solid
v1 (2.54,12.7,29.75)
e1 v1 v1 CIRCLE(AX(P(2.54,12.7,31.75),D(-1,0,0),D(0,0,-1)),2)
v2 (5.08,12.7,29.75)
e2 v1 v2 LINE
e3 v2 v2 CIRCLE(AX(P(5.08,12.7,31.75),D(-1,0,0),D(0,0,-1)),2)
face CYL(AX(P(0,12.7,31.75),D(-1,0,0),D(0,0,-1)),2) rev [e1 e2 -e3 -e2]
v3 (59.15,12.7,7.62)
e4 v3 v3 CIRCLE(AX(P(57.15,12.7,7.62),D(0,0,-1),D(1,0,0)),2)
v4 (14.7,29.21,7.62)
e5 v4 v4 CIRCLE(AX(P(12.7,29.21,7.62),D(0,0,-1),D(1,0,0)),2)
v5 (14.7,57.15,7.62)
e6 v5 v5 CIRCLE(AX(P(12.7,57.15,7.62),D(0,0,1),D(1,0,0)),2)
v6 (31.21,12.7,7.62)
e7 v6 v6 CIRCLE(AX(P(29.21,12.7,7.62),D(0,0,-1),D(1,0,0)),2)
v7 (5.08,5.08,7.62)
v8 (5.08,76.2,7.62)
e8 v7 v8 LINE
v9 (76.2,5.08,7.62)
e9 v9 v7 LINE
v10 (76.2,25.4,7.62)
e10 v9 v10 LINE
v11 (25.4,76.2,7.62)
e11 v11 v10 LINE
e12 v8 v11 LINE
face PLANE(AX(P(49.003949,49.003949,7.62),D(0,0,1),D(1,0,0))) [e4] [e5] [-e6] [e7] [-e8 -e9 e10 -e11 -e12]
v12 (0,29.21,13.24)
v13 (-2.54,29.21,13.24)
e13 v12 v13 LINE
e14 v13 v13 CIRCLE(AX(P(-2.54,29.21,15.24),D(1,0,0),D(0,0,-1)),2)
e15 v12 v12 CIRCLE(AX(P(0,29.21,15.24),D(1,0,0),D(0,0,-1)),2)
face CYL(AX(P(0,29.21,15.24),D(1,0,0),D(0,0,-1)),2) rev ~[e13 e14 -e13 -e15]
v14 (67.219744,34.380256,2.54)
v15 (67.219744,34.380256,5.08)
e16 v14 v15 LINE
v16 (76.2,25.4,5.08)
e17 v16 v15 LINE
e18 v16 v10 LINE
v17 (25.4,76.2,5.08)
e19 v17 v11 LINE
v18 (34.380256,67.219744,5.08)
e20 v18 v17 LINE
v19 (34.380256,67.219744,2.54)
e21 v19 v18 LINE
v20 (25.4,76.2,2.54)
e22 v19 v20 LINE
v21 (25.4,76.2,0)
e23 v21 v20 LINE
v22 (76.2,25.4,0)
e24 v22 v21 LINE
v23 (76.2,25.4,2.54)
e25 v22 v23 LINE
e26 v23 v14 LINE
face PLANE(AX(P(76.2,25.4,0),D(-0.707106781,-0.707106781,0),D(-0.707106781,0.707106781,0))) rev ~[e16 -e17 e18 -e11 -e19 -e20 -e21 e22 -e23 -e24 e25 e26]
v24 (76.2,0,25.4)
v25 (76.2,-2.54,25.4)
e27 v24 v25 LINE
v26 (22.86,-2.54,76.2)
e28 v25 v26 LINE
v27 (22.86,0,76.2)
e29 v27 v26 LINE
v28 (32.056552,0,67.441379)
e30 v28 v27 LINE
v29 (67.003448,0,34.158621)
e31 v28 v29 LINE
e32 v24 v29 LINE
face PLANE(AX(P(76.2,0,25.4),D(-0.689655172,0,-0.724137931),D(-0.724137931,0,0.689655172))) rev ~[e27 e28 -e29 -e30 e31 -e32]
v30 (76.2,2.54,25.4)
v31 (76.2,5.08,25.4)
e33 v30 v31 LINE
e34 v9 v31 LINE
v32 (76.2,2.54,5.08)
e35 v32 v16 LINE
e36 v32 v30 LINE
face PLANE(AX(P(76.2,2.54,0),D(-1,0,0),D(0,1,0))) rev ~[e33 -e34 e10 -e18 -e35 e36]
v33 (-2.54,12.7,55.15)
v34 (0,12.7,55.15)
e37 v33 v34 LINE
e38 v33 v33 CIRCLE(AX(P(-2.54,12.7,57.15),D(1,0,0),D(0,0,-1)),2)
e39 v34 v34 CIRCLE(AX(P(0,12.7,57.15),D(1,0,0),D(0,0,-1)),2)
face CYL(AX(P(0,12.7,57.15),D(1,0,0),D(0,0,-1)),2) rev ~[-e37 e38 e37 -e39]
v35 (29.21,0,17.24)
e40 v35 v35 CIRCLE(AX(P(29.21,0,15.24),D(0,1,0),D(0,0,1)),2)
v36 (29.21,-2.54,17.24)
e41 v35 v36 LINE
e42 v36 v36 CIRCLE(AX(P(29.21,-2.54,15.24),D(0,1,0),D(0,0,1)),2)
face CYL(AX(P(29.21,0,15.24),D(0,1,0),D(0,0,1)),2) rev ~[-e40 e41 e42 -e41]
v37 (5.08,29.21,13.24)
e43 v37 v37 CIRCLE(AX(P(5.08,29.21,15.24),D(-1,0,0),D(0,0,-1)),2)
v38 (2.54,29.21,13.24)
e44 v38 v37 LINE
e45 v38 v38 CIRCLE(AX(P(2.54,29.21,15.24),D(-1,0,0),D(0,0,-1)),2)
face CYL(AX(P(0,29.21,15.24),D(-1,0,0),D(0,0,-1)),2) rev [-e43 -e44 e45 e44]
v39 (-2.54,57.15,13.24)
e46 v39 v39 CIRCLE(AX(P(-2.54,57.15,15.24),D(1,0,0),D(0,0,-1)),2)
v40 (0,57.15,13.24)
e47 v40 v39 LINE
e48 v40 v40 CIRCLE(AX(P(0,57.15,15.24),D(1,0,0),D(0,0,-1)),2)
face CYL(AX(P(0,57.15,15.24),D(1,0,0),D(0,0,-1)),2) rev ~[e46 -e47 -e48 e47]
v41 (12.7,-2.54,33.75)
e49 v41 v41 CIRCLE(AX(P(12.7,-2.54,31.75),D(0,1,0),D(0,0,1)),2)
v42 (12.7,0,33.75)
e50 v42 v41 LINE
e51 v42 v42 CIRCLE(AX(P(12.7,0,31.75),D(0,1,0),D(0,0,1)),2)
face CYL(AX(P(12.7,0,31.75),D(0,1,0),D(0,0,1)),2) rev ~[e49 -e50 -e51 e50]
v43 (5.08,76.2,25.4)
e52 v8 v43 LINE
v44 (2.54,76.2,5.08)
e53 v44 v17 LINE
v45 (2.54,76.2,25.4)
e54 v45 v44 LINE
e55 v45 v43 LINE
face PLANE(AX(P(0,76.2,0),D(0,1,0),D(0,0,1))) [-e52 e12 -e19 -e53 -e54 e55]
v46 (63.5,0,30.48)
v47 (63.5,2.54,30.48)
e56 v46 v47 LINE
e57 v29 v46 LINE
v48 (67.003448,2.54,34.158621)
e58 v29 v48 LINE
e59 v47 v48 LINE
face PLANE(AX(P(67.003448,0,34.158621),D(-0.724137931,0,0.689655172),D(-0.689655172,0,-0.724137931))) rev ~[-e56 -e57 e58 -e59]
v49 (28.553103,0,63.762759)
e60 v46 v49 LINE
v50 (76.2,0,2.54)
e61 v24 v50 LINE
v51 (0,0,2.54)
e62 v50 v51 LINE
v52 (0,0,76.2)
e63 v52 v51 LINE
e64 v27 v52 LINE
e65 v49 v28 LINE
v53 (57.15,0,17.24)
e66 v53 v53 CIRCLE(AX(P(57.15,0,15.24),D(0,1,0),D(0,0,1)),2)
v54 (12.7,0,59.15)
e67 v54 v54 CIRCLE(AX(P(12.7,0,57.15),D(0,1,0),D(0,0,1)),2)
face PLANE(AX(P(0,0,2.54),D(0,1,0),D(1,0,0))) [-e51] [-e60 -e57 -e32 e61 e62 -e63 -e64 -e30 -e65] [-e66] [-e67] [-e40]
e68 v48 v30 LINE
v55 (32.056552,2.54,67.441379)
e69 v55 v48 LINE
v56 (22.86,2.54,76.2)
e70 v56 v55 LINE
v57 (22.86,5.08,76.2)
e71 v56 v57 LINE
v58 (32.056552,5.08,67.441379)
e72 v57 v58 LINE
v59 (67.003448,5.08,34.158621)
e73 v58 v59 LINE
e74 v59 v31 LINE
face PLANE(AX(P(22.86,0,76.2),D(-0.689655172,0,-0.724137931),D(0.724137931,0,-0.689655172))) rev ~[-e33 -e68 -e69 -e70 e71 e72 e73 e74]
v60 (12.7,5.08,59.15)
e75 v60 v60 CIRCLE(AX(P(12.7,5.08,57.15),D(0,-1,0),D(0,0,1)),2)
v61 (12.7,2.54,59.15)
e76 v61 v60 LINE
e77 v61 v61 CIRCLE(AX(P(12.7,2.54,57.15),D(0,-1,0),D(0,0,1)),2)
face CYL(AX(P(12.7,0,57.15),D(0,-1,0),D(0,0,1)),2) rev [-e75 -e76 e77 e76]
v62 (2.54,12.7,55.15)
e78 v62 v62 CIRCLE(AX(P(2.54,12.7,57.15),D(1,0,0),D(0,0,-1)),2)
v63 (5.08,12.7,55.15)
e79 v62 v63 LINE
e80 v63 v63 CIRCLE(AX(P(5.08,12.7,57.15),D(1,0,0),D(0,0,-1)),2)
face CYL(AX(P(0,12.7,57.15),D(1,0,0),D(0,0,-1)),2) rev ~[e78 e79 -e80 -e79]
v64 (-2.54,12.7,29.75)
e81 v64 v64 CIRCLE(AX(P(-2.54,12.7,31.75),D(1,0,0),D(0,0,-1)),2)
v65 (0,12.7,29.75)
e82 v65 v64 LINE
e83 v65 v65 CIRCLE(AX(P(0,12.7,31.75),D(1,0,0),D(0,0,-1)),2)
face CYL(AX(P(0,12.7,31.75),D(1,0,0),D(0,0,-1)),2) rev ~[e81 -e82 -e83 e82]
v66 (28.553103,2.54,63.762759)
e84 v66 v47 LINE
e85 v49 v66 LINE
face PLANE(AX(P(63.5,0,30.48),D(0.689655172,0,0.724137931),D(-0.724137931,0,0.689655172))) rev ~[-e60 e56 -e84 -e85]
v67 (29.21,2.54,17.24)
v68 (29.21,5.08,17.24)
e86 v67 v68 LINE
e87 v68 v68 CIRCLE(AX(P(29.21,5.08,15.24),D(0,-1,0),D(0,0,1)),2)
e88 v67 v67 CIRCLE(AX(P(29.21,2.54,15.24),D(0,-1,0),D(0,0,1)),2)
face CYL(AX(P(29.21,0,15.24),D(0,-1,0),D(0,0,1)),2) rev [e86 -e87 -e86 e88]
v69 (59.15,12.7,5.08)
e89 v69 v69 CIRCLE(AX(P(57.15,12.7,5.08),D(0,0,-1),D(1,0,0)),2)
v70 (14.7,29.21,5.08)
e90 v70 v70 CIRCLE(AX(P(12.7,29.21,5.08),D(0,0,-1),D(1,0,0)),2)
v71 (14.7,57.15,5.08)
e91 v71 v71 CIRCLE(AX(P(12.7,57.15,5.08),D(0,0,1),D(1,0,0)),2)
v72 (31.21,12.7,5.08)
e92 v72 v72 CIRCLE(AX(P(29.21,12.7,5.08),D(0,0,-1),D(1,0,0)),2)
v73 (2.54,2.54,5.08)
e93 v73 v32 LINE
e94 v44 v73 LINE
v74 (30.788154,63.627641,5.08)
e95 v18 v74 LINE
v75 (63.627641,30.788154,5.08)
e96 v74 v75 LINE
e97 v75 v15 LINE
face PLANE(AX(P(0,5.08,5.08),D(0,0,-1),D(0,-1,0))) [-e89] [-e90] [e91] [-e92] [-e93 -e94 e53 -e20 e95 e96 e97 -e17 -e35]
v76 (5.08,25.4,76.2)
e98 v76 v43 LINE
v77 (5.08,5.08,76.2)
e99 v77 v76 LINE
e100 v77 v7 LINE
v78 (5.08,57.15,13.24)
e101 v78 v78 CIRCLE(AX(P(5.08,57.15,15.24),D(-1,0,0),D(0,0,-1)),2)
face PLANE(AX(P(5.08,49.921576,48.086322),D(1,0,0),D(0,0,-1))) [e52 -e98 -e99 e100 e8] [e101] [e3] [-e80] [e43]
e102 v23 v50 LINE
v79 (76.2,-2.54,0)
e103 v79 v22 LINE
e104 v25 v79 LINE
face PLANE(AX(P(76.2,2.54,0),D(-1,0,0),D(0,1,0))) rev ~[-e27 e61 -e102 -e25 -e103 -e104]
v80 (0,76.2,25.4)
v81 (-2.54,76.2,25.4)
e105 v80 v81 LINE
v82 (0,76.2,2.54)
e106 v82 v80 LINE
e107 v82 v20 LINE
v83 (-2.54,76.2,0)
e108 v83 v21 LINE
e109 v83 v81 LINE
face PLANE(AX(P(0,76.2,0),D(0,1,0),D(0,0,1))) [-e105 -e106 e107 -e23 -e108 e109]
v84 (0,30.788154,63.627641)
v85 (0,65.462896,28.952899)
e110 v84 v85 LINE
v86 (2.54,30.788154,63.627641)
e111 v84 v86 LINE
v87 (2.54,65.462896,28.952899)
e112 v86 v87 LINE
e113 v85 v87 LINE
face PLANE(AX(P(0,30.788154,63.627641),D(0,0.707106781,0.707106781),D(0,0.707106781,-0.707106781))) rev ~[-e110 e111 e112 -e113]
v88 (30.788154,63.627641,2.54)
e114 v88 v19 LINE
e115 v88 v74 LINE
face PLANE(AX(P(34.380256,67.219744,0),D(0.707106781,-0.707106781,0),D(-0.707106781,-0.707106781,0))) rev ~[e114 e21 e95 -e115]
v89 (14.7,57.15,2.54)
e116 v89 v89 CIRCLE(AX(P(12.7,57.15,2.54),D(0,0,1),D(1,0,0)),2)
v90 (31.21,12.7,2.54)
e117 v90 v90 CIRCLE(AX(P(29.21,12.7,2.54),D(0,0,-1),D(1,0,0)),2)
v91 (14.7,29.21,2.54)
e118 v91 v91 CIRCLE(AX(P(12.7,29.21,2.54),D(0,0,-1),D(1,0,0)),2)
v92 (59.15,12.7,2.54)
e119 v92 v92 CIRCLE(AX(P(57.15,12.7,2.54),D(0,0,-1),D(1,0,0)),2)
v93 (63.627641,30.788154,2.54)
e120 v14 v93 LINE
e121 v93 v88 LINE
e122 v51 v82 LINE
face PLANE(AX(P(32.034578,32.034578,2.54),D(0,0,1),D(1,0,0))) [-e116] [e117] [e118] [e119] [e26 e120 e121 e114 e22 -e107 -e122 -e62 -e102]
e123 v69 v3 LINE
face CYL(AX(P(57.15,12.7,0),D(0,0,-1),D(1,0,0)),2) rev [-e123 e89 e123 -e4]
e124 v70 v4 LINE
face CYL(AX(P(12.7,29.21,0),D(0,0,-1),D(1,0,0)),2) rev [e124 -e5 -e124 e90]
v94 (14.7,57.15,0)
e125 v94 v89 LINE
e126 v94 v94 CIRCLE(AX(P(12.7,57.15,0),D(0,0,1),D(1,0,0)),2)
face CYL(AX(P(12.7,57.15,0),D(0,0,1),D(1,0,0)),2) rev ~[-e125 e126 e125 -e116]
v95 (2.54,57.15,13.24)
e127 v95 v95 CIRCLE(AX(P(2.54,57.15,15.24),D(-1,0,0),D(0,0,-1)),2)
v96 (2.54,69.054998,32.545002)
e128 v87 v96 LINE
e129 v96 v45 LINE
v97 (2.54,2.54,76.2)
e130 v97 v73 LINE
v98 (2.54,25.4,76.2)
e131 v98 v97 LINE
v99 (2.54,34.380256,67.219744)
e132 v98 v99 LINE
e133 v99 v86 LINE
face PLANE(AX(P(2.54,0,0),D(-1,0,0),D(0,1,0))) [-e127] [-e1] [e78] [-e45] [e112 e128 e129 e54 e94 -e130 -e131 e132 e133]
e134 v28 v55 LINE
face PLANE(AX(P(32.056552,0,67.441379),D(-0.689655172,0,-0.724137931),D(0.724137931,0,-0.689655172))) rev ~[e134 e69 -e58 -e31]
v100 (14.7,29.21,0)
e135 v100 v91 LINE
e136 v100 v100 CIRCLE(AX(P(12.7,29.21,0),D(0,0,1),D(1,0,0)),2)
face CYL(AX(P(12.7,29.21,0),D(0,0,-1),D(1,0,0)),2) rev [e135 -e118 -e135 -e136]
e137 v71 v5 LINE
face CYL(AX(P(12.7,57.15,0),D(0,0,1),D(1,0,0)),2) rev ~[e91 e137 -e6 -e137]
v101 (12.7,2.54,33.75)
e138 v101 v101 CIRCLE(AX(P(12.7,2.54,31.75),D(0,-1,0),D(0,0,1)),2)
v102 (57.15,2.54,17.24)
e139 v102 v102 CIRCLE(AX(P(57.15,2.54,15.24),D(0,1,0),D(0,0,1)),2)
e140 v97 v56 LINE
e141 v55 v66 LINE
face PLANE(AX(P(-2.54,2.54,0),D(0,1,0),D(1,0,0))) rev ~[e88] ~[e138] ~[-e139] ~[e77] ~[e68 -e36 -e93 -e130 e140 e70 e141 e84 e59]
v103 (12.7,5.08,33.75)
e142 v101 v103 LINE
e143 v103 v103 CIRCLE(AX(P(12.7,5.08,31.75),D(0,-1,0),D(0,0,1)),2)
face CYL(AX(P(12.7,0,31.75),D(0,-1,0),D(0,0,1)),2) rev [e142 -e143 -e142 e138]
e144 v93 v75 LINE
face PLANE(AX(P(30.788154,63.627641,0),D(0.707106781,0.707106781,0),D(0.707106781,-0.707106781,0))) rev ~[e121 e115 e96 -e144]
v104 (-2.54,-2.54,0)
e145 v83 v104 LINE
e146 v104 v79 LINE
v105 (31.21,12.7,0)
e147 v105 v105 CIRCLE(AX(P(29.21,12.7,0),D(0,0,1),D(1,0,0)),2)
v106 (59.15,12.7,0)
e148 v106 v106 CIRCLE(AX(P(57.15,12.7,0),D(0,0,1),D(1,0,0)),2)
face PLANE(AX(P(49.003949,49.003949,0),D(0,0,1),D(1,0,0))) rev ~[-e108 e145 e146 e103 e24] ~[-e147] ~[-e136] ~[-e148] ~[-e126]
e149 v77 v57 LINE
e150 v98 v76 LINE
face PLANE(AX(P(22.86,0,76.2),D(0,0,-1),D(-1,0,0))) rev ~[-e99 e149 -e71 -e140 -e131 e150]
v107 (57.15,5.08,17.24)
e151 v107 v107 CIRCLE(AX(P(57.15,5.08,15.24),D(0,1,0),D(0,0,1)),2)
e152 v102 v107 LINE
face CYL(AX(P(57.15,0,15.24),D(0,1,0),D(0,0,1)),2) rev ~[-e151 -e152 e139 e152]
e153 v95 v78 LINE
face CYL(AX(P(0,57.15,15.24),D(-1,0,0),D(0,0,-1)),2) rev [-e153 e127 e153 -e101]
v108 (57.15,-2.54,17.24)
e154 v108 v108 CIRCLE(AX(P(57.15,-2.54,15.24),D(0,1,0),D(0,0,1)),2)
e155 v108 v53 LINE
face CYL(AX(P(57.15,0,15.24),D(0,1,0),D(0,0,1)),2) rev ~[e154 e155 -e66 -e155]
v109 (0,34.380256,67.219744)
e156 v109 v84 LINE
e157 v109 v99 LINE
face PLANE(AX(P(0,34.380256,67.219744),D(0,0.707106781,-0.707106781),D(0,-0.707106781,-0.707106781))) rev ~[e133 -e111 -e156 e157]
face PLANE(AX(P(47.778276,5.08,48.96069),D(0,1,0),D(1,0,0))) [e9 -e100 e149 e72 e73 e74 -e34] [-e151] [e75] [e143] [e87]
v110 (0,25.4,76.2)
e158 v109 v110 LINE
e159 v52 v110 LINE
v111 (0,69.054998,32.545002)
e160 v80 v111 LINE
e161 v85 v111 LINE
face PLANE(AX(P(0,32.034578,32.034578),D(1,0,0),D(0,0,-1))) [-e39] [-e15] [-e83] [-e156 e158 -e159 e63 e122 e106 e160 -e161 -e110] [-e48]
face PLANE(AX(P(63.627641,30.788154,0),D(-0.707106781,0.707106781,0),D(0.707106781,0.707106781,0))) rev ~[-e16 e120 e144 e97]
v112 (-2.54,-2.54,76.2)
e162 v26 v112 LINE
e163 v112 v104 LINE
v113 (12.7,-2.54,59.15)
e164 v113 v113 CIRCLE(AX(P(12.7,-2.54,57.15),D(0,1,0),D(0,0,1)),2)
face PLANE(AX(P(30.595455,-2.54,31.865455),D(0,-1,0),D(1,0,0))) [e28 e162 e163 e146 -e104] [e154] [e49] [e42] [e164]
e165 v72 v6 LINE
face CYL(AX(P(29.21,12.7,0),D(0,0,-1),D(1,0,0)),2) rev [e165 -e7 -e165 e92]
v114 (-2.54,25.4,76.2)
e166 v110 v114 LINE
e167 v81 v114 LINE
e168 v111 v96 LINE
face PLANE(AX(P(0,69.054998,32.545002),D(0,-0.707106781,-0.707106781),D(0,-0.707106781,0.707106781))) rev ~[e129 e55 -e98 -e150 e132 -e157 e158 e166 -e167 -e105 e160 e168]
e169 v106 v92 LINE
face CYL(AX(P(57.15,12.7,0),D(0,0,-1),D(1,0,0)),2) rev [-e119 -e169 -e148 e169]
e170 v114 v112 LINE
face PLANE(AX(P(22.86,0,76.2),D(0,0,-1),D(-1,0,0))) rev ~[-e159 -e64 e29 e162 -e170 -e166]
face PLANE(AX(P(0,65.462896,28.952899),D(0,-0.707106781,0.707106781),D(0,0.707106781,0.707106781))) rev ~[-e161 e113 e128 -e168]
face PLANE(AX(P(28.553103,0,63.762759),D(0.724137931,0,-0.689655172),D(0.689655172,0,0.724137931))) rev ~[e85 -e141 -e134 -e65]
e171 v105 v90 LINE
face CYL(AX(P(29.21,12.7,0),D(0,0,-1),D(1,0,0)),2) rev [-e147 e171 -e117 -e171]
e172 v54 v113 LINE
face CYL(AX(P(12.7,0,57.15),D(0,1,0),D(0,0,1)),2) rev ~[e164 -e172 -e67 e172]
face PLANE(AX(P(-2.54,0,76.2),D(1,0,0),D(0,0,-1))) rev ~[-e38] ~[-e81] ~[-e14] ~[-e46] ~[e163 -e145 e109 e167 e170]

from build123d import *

# Parameters (mm, degrees)
BOSS_EXTRUDE1_DEPTH = 2.54
BOSS_EXTRUDE2_DEPTH = 2.54
BOSS_EXTRUDE3_DEPTH = 2.54
SKETCH6_W           = 2.54
SKETCH6_H           = 76.2
BOSS_EXTRUDE4_DEPTH = 76.2
CUT_EXTRUDE1_REACH  = 133.982
SKETCH8_W           = 2.54
SKETCH8_H           = 78.74
BOSS_EXTRUDE5_DEPTH = 76.2
CUT_EXTRUDE2_REACH  = 133.982
SKETCH10_W          = 78.74
SKETCH10_H          = 2.54
BOSS_EXTRUDE6_DEPTH = 76.2
CUT_EXTRUDE3_REACH  = 133.982
CUT_EXTRUDE5_DEPTH  = 132.982271537
CUT_EXTRUDE6_DEPTH  = 132.982271537
CUT_EXTRUDE9_DEPTH  = 76.2
BOSS_EXTRUDE7_DEPTH = 7.62
BOSS_EXTRUDE8_DEPTH = 5.08
BOSS_EXTRUDE9_DEPTH = 5.08
SKETCH34_R          = 2
CUT_EXTRUDE11_DEPTH = 12.7
SKETCH35_R          = 2
CUT_EXTRUDE13_DEPTH = 12.7
SKETCH36_R          = 2
CUT_EXTRUDE14_DEPTH = 12.7


with BuildPart() as part:
    # Sketch1 → Boss-Extrude1 (new body)
    with BuildSketch(Plane.XY):
        Polygon((0, 76.2), (0, 0), (76.2, 0), (76.2, 25.4), (25.4, 76.2), align=None)
    extrude(amount=BOSS_EXTRUDE1_DEPTH)

    # Sketch3 → Boss-Extrude2 (add)
    with BuildSketch(Plane.ZY):
        Polygon((0, 76.2), (25.4, 76.2), (76.2, 25.4), (76.2, 0), (0, 0), align=None)
    extrude(amount=BOSS_EXTRUDE2_DEPTH)

    # Sketch5 → Boss-Extrude3 (add)
    with BuildSketch(Plane.XZ):
        Polygon((-2.54, 76.2), (-2.54, 0), (76.2, 0), (76.2, 25.4), (22.86, 76.2), align=None)
    extrude(amount=BOSS_EXTRUDE3_DEPTH)

    # Sketch6 → Boss-Extrude4 (add)
    with BuildSketch(Plane.XY):
        with Locations((3.81, 38.1)):
            Rectangle(SKETCH6_W, SKETCH6_H)
    extrude(amount=BOSS_EXTRUDE4_DEPTH)

    # Sketch7 → Cut-Extrude1 (cut, up to next)
    with BuildSketch(Plane(origin=(0, 0, 0), x_dir=(0, 0, -1), z_dir=(1, 0, 0)), mode=Mode.PRIVATE) as cut_extrude1_sk1:
        Polygon((-25.4, 76.2), (-76.2, 25.4), (-76.2, 76.2), align=None)
    cut_extrude1_tool1 = extrude(cut_extrude1_sk1.sketch, amount=CUT_EXTRUDE1_REACH, mode=Mode.PRIVATE) & part.part
    add(cut_extrude1_tool1.solids().sort_by_distance((0, 59.266667, 59.266667))[0], mode=Mode.SUBTRACT)

    # Sketch8 → Boss-Extrude5 (add)
    with BuildSketch(Plane(origin=(0, 0, 0), x_dir=(0, 0, -1), z_dir=(1, 0, 0))):
        with Locations((-6.35, 36.83)):
            Rectangle(SKETCH8_W, SKETCH8_H)
    extrude(amount=BOSS_EXTRUDE5_DEPTH)

    # Sketch9 → Cut-Extrude2 (cut, up to next)
    with BuildSketch(Plane.XY, mode=Mode.PRIVATE) as cut_extrude2_sk1:
        Polygon((76.2, 25.4), (25.4, 76.2), (76.2, 76.2), align=None)
    cut_extrude2_tool1 = extrude(cut_extrude2_sk1.sketch, amount=CUT_EXTRUDE2_REACH, mode=Mode.PRIVATE) & part.part
    add(cut_extrude2_tool1.solids().sort_by_distance((59.266667, 59.266667, 0))[0], mode=Mode.SUBTRACT)

    # Sketch10 → Boss-Extrude6 (add)
    with BuildSketch(Plane.XY):
        with Locations((36.83, 3.81)):
            Rectangle(SKETCH10_W, SKETCH10_H)
    extrude(amount=BOSS_EXTRUDE6_DEPTH)

    # Sketch11 → Cut-Extrude3 (cut, up to next)
    with BuildSketch(Plane(origin=(0, 0, 0), x_dir=(1, 0, 0), z_dir=(0, 1, 0)), mode=Mode.PRIVATE) as cut_extrude3_sk1:
        Polygon((22.86, -76.2), (76.2, -25.4), (76.2, -76.2), align=None)
    cut_extrude3_tool1 = extrude(cut_extrude3_sk1.sketch, amount=CUT_EXTRUDE3_REACH, mode=Mode.PRIVATE) & part.part
    add(cut_extrude3_tool1.solids().sort_by_distance((58.42, 0, 59.266667))[0], mode=Mode.SUBTRACT)

    # Sketch12 → Cut-Extrude5 (cut, through all)
    with BuildSketch(Plane(origin=(0, 0, 0), x_dir=(0, 0, -1), z_dir=(1, 0, 0))):
        Polygon((-5.08, 5.08), (-5.08, 2.54), (-7.62, 2.54), (-7.62, 0), (-2.54, 0), (-2.54, 5.08), align=None)
    extrude(amount=CUT_EXTRUDE5_DEPTH, mode=Mode.SUBTRACT)

    # Sketch13 → Cut-Extrude6 (cut, through all)
    with BuildSketch(Plane(origin=(0, 0, 0), x_dir=(1, 0, 0), z_dir=(0, 1, 0))):
        Polygon((0, -2.54), (0, -7.62), (2.54, -7.62), (2.54, -5.08), (5.08, -5.08), (5.08, -2.54), align=None)
    extrude(amount=CUT_EXTRUDE6_DEPTH, mode=Mode.SUBTRACT)

    # Sketch15 → Cut-Extrude9 (cut)
    with BuildSketch(Plane.XY.offset(2.54)):
        Polygon((2.54, 5.08), (0, 5.08), (0, 0), (5.08, 0), (5.08, 2.54), (2.54, 2.54), align=None)
    extrude(amount=CUT_EXTRUDE9_DEPTH, mode=Mode.SUBTRACT)


with BuildPart() as cut_extrude9_piece_1:
    # of the separate pieces the step leaves, piece 1, a body of its own (cut_extrude9_pieces)
    add(part.part.solids().sort_by_distance((0, 0, 2.54))[0])



with BuildPart() as cut_extrude9_piece_2:
    # of the separate pieces the step leaves, piece 2, a body of its own (cut_extrude9_pieces)
    add(part.part.solids().sort_by_distance((2.54, 2.54, 76.2))[0])


with BuildPart() as cut_extrude9_piece_1_1:
    add(cut_extrude9_piece_1.part)

    add(cut_extrude9_piece_2.part)  # Boss-Extrude7 merges Cut-Extrude9 piece 2
    # Sketch17 → Boss-Extrude7 (add)
    with BuildSketch(Plane(origin=(0, 0, 0), x_dir=(-1, 0, 0), z_dir=(0, 0, -1))):
        Polygon((-67.219743879, 34.380256121), (-34.380256121, 67.219743879), (-30.788153673, 63.627641431), (-63.627641431, 30.788153673), align=None)
    extrude(amount=-BOSS_EXTRUDE7_DEPTH)

    # Sketch18 → Boss-Extrude8 (add)
    with BuildSketch(Plane(origin=(0, 0, 0), x_dir=(1, 0, 0), z_dir=(0, 1, 0))):
        Polygon((32.056551724, -67.44137931), (67.003448276, -34.15862069), (63.5, -30.48), (28.553103448, -63.762758621), align=None)
    extrude(amount=BOSS_EXTRUDE8_DEPTH)

    # Sketch19 → Boss-Extrude9 (add)
    with BuildSketch(Plane(origin=(0, 0, 0), x_dir=(0, 0, -1), z_dir=(1, 0, 0))):
        Polygon((-32.545001849, 69.054998151), (-67.219743879, 34.380256121), (-63.627641431, 30.788153673), (-28.9528994, 65.462895703), align=None)
    extrude(amount=BOSS_EXTRUDE9_DEPTH)

    # Sketch34 → Cut-Extrude11 (cut, symmetric)
    with BuildSketch(Plane(origin=(0, 0, 0), x_dir=(0, 0, -1), z_dir=(1, 0, 0))):
        with Locations((-15.24, 57.15)):
            Circle(SKETCH34_R)
        with Locations((-15.24, 29.21)):
            Circle(SKETCH34_R)
        with Locations((-31.75, 12.7)):
            Circle(SKETCH34_R)
        with Locations((-57.15, 12.7)):
            Circle(SKETCH34_R)
    extrude(amount=CUT_EXTRUDE11_DEPTH, both=True, mode=Mode.SUBTRACT)

    # Sketch35 → Cut-Extrude13 (cut, symmetric)
    with BuildSketch(Plane(origin=(0, 0, 0), x_dir=(1, 0, 0), z_dir=(0, 1, 0))):
        with Locations(Location((12.7, -57.15, 0), (0, 0, 270))):
            Circle(SKETCH35_R)
        with Locations(Location((12.7, -31.75, 0), (0, 0, 270))):
            Circle(SKETCH35_R)
        with Locations(Location((29.21, -15.24, 0), (0, 0, 270))):
            Circle(SKETCH35_R)
        with Locations(Location((57.15, -15.24, 0), (0, 0, 270))):
            Circle(SKETCH35_R)
    extrude(amount=CUT_EXTRUDE13_DEPTH, both=True, mode=Mode.SUBTRACT)

    # Sketch36 → Cut-Extrude14 (cut, symmetric)
    with BuildSketch(Plane.XY):
        with Locations((57.15, 12.7)):
            Circle(SKETCH36_R)
        with Locations((29.21, 12.7)):
            Circle(SKETCH36_R)
        with Locations((12.7, 29.21)):
            Circle(SKETCH36_R)
        with Locations((12.7, 57.15)):
            Circle(SKETCH36_R)
    extrude(amount=CUT_EXTRUDE14_DEPTH, both=True, mode=Mode.SUBTRACT)


solid = cut_extrude9_piece_1_1.part
